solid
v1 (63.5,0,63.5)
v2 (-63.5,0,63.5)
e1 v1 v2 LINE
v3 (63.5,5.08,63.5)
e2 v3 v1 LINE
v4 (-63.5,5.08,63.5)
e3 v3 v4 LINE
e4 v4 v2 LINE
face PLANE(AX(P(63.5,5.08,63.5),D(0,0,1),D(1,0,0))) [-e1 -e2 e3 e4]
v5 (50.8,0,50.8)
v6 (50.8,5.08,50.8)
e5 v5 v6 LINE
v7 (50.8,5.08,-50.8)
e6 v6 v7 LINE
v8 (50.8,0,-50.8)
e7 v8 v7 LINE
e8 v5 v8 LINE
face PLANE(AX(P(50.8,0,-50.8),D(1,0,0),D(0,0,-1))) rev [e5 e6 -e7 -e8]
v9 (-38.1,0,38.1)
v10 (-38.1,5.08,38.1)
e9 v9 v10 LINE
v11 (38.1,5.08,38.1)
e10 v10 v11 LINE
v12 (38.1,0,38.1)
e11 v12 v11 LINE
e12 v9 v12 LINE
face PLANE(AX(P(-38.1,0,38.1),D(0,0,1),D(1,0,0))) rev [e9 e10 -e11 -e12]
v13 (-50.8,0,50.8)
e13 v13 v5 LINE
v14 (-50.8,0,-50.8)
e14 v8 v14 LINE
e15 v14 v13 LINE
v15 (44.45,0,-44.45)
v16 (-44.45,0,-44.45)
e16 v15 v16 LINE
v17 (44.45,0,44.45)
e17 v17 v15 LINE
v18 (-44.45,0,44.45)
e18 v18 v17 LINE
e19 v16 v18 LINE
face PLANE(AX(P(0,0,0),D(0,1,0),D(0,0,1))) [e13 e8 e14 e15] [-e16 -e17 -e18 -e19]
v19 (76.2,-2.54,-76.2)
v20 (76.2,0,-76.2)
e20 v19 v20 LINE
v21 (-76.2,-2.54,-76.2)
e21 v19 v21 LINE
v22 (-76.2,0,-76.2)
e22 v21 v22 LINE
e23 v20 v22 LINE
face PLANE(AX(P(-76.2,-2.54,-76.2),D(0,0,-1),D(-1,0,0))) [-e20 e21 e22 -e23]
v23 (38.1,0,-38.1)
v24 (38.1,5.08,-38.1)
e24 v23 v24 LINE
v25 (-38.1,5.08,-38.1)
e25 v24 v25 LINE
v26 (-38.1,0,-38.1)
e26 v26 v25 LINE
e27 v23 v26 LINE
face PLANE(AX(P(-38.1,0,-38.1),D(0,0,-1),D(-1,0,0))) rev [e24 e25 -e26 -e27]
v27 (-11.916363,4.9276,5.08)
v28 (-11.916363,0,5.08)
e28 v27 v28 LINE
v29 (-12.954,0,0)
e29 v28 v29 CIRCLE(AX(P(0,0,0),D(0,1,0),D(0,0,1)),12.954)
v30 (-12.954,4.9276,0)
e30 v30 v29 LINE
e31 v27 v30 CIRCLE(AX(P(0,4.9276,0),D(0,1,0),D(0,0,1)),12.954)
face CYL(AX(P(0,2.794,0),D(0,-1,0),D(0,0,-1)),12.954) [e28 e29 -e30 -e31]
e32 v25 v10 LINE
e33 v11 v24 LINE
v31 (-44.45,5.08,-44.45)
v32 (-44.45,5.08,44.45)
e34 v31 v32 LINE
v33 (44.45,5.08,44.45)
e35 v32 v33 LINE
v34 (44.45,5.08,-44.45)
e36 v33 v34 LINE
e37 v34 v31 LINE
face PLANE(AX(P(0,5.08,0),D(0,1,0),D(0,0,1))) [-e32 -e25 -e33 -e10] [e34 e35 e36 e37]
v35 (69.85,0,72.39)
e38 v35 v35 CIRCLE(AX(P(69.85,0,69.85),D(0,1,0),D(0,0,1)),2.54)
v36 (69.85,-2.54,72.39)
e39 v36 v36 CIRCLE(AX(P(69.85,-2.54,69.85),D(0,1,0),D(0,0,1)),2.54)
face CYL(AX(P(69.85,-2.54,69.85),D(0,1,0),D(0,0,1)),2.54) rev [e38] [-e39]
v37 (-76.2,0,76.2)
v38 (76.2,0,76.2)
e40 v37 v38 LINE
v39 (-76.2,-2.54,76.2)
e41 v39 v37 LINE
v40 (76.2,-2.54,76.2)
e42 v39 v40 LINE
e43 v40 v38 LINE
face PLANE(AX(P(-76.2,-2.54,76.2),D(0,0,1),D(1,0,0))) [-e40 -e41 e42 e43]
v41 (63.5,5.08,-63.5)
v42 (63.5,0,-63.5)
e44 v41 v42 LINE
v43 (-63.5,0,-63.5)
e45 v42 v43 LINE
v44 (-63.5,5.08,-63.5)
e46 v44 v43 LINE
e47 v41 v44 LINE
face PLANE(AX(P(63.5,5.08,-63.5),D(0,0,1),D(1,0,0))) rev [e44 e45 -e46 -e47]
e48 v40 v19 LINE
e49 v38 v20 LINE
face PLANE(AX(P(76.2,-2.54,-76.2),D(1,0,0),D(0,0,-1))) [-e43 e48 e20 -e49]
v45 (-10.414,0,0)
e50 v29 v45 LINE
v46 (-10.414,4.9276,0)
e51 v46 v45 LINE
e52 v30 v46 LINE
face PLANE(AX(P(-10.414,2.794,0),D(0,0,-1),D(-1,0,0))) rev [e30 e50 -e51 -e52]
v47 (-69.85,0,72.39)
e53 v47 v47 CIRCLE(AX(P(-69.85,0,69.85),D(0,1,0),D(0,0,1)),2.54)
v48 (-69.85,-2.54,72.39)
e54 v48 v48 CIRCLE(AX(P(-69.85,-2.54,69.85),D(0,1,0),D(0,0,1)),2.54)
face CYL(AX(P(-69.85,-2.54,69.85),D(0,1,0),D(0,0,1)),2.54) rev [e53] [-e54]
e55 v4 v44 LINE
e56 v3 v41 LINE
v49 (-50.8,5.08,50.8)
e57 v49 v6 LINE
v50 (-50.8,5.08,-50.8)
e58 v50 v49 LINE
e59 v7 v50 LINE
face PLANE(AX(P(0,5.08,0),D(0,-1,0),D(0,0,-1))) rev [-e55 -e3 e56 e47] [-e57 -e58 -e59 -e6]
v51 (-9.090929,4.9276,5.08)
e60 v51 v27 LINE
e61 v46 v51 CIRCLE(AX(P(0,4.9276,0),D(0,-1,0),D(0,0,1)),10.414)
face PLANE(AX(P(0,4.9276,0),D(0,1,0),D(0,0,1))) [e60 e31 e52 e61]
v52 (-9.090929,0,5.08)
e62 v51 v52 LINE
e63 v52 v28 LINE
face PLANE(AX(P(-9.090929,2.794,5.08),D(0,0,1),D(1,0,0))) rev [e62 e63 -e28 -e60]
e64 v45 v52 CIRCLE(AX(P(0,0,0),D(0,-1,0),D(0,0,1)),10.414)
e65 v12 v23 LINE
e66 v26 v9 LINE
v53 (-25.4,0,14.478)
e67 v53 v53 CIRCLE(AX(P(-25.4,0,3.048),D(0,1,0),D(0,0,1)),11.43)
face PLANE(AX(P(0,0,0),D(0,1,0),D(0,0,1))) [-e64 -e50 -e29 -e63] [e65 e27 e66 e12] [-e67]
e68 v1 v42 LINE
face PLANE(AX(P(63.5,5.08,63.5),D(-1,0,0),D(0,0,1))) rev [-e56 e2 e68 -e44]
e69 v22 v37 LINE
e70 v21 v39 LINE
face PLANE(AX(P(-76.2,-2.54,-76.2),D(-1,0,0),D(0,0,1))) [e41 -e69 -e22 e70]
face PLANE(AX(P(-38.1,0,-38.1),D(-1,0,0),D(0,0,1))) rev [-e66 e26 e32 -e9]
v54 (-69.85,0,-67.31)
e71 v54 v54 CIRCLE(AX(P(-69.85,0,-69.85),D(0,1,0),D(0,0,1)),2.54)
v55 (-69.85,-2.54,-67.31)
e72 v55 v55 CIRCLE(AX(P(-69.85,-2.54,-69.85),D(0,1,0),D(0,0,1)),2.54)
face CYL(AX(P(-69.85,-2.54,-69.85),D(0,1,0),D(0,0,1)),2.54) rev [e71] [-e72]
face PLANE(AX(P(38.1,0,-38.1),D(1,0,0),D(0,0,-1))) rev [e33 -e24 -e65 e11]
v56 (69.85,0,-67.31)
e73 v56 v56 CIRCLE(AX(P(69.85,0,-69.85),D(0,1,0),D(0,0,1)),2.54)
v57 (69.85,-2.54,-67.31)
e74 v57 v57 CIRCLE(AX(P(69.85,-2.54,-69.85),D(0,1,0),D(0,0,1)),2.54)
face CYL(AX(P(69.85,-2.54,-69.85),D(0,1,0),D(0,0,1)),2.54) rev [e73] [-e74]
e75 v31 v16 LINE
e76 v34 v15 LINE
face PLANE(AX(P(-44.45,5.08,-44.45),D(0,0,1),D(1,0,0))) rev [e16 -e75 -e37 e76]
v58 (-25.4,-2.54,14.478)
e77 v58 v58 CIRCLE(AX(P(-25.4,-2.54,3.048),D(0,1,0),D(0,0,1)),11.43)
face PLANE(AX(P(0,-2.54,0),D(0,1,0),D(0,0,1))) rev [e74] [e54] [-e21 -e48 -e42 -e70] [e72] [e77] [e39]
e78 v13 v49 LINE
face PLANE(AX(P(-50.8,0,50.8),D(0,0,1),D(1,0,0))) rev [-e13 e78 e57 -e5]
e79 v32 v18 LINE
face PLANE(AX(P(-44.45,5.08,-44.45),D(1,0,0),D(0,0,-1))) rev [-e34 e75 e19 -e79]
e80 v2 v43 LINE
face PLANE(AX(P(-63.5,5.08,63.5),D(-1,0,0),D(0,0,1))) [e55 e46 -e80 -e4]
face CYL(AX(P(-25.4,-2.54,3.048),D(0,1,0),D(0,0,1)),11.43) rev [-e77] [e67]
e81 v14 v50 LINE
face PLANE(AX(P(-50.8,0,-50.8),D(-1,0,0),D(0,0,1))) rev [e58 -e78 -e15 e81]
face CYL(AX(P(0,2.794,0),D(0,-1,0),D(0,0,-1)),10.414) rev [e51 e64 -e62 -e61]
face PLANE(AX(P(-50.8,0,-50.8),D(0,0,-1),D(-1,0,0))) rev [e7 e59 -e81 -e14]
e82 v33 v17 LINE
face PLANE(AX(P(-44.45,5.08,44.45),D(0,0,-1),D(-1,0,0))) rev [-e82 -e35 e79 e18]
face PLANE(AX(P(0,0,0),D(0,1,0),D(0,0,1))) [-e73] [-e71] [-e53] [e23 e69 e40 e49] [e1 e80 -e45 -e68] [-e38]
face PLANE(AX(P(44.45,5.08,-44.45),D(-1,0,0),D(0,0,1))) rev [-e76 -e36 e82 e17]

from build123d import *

# Parameters (mm, degrees)
SKETCH1_W           = 152.4
SKETCH1_H           = 152.4
BOSS_EXTRUDE1_DEPTH = 2.54
SKETCH2_W           = 127
SKETCH2_H           = 127
BOSS_EXTRUDE3_DEPTH = 5.08
SKETCH3_W           = 101.6
SKETCH3_H           = 101.6
CUT_EXTRUDE2_DEPTH  = 5.08
SKETCH5_W           = 88.9
SKETCH5_H           = 88.9
BOSS_EXTRUDE4_DEPTH = 5.08
SKETCH6_W           = 76.2
SKETCH6_H           = 76.2
CUT_EXTRUDE3_DEPTH  = 5.08
BOSS_EXTRUDE5_DEPTH = 2.794
SKETCH8_R           = 11.43
CUT_EXTRUDE4_DEPTH  = 3.54
SKETCH9_R           = 2.54
CUT_EXTRUDE5_DEPTH  = 3.54
BOSS_EXTRUDE6_DEPTH = 4.9276


with BuildPart() as part:
    # Sketch1 → Boss-Extrude1 (new body)
    with BuildSketch(Plane(origin=(0, 0, 0), x_dir=(1, 0, 0), z_dir=(0, 1, 0))):
        Rectangle(SKETCH1_W, SKETCH1_H)
    extrude(amount=-BOSS_EXTRUDE1_DEPTH)

    # Sketch2 → Boss-Extrude3 (add)
    with BuildSketch(Plane(origin=(0, 0, 0), x_dir=(1, 0, 0), z_dir=(0, 1, 0))):
        Rectangle(SKETCH2_W, SKETCH2_H)
    extrude(amount=BOSS_EXTRUDE3_DEPTH)

    # Sketch3 → Cut-Extrude2 (cut)
    with BuildSketch(Plane(origin=(0, 5.08, 0), x_dir=(1, 0, 0), z_dir=(0, 1, 0))):
        Rectangle(SKETCH3_W, SKETCH3_H)
    extrude(amount=-CUT_EXTRUDE2_DEPTH, mode=Mode.SUBTRACT)

    # Sketch5 → Boss-Extrude4 (add)
    with BuildSketch(Plane(origin=(0, 0, 0), x_dir=(1, 0, 0), z_dir=(0, 1, 0))):
        Rectangle(SKETCH5_W, SKETCH5_H)
    extrude(amount=BOSS_EXTRUDE4_DEPTH)

    # Sketch6 → Cut-Extrude3 (cut)
    with BuildSketch(Plane(origin=(0, 5.08, 0), x_dir=(1, 0, 0), z_dir=(0, 1, 0))):
        Rectangle(SKETCH6_W, SKETCH6_H)
    extrude(amount=-CUT_EXTRUDE3_DEPTH, mode=Mode.SUBTRACT)

    # Sketch7 → Boss-Extrude5 (add)
    with BuildSketch(Plane(origin=(0, 0, 0), x_dir=(1, 0, 0), z_dir=(0, 1, 0))):
        with BuildLine():
            Line((-10.414, 0), (-12.954, 0))
            ThreePointArc((-12.954, 0), (12.691940102, 2.592445263), (-11.916363371, -5.08))
            Line((-11.916363371, -5.08), (-9.090929325, -5.08))
            ThreePointArc((-9.090929325, -5.08), (10.077805664, 2.624734082), (-10.414, 0))
        make_face()
    extrude(amount=BOSS_EXTRUDE5_DEPTH)

    # Sketch8 → Cut-Extrude4 (cut, through all)
    with BuildSketch(Plane(origin=(0, 0, 0), x_dir=(1, 0, 0), z_dir=(0, 1, 0))):
        with Locations((-25.4, -3.048)):
            Circle(SKETCH8_R)
    extrude(amount=-CUT_EXTRUDE4_DEPTH, mode=Mode.SUBTRACT)

    # Sketch9 → Cut-Extrude5 (cut, through all)
    with BuildSketch(Plane(origin=(0, 0, 0), x_dir=(1, 0, 0), z_dir=(0, 1, 0))):
        with Locations((-69.85, -69.85)):
            Circle(SKETCH9_R)
        with Locations((69.85, -69.85)):
            Circle(SKETCH9_R)
        with Locations((69.85, 69.85)):
            Circle(SKETCH9_R)
        with Locations((-69.85, 69.85)):
            Circle(SKETCH9_R)
    extrude(amount=-CUT_EXTRUDE5_DEPTH, mode=Mode.SUBTRACT)

    # Sketch7<2> → Boss-Extrude6 (add)
    with BuildSketch(Plane(origin=(0, 0, 0), x_dir=(1, 0, 0), z_dir=(0, 1, 0))):
        with BuildLine():
            Line((-10.414, 0), (-12.954, 0))
            ThreePointArc((-12.954, 0), (12.691940102, 2.592445263), (-11.916363371, -5.08))
            Line((-11.916363371, -5.08), (-9.090929325, -5.08))
            ThreePointArc((-9.090929325, -5.08), (10.077805664, 2.624734082), (-10.414, 0))
        make_face()
    extrude(amount=BOSS_EXTRUDE6_DEPTH)


solid = part.part
